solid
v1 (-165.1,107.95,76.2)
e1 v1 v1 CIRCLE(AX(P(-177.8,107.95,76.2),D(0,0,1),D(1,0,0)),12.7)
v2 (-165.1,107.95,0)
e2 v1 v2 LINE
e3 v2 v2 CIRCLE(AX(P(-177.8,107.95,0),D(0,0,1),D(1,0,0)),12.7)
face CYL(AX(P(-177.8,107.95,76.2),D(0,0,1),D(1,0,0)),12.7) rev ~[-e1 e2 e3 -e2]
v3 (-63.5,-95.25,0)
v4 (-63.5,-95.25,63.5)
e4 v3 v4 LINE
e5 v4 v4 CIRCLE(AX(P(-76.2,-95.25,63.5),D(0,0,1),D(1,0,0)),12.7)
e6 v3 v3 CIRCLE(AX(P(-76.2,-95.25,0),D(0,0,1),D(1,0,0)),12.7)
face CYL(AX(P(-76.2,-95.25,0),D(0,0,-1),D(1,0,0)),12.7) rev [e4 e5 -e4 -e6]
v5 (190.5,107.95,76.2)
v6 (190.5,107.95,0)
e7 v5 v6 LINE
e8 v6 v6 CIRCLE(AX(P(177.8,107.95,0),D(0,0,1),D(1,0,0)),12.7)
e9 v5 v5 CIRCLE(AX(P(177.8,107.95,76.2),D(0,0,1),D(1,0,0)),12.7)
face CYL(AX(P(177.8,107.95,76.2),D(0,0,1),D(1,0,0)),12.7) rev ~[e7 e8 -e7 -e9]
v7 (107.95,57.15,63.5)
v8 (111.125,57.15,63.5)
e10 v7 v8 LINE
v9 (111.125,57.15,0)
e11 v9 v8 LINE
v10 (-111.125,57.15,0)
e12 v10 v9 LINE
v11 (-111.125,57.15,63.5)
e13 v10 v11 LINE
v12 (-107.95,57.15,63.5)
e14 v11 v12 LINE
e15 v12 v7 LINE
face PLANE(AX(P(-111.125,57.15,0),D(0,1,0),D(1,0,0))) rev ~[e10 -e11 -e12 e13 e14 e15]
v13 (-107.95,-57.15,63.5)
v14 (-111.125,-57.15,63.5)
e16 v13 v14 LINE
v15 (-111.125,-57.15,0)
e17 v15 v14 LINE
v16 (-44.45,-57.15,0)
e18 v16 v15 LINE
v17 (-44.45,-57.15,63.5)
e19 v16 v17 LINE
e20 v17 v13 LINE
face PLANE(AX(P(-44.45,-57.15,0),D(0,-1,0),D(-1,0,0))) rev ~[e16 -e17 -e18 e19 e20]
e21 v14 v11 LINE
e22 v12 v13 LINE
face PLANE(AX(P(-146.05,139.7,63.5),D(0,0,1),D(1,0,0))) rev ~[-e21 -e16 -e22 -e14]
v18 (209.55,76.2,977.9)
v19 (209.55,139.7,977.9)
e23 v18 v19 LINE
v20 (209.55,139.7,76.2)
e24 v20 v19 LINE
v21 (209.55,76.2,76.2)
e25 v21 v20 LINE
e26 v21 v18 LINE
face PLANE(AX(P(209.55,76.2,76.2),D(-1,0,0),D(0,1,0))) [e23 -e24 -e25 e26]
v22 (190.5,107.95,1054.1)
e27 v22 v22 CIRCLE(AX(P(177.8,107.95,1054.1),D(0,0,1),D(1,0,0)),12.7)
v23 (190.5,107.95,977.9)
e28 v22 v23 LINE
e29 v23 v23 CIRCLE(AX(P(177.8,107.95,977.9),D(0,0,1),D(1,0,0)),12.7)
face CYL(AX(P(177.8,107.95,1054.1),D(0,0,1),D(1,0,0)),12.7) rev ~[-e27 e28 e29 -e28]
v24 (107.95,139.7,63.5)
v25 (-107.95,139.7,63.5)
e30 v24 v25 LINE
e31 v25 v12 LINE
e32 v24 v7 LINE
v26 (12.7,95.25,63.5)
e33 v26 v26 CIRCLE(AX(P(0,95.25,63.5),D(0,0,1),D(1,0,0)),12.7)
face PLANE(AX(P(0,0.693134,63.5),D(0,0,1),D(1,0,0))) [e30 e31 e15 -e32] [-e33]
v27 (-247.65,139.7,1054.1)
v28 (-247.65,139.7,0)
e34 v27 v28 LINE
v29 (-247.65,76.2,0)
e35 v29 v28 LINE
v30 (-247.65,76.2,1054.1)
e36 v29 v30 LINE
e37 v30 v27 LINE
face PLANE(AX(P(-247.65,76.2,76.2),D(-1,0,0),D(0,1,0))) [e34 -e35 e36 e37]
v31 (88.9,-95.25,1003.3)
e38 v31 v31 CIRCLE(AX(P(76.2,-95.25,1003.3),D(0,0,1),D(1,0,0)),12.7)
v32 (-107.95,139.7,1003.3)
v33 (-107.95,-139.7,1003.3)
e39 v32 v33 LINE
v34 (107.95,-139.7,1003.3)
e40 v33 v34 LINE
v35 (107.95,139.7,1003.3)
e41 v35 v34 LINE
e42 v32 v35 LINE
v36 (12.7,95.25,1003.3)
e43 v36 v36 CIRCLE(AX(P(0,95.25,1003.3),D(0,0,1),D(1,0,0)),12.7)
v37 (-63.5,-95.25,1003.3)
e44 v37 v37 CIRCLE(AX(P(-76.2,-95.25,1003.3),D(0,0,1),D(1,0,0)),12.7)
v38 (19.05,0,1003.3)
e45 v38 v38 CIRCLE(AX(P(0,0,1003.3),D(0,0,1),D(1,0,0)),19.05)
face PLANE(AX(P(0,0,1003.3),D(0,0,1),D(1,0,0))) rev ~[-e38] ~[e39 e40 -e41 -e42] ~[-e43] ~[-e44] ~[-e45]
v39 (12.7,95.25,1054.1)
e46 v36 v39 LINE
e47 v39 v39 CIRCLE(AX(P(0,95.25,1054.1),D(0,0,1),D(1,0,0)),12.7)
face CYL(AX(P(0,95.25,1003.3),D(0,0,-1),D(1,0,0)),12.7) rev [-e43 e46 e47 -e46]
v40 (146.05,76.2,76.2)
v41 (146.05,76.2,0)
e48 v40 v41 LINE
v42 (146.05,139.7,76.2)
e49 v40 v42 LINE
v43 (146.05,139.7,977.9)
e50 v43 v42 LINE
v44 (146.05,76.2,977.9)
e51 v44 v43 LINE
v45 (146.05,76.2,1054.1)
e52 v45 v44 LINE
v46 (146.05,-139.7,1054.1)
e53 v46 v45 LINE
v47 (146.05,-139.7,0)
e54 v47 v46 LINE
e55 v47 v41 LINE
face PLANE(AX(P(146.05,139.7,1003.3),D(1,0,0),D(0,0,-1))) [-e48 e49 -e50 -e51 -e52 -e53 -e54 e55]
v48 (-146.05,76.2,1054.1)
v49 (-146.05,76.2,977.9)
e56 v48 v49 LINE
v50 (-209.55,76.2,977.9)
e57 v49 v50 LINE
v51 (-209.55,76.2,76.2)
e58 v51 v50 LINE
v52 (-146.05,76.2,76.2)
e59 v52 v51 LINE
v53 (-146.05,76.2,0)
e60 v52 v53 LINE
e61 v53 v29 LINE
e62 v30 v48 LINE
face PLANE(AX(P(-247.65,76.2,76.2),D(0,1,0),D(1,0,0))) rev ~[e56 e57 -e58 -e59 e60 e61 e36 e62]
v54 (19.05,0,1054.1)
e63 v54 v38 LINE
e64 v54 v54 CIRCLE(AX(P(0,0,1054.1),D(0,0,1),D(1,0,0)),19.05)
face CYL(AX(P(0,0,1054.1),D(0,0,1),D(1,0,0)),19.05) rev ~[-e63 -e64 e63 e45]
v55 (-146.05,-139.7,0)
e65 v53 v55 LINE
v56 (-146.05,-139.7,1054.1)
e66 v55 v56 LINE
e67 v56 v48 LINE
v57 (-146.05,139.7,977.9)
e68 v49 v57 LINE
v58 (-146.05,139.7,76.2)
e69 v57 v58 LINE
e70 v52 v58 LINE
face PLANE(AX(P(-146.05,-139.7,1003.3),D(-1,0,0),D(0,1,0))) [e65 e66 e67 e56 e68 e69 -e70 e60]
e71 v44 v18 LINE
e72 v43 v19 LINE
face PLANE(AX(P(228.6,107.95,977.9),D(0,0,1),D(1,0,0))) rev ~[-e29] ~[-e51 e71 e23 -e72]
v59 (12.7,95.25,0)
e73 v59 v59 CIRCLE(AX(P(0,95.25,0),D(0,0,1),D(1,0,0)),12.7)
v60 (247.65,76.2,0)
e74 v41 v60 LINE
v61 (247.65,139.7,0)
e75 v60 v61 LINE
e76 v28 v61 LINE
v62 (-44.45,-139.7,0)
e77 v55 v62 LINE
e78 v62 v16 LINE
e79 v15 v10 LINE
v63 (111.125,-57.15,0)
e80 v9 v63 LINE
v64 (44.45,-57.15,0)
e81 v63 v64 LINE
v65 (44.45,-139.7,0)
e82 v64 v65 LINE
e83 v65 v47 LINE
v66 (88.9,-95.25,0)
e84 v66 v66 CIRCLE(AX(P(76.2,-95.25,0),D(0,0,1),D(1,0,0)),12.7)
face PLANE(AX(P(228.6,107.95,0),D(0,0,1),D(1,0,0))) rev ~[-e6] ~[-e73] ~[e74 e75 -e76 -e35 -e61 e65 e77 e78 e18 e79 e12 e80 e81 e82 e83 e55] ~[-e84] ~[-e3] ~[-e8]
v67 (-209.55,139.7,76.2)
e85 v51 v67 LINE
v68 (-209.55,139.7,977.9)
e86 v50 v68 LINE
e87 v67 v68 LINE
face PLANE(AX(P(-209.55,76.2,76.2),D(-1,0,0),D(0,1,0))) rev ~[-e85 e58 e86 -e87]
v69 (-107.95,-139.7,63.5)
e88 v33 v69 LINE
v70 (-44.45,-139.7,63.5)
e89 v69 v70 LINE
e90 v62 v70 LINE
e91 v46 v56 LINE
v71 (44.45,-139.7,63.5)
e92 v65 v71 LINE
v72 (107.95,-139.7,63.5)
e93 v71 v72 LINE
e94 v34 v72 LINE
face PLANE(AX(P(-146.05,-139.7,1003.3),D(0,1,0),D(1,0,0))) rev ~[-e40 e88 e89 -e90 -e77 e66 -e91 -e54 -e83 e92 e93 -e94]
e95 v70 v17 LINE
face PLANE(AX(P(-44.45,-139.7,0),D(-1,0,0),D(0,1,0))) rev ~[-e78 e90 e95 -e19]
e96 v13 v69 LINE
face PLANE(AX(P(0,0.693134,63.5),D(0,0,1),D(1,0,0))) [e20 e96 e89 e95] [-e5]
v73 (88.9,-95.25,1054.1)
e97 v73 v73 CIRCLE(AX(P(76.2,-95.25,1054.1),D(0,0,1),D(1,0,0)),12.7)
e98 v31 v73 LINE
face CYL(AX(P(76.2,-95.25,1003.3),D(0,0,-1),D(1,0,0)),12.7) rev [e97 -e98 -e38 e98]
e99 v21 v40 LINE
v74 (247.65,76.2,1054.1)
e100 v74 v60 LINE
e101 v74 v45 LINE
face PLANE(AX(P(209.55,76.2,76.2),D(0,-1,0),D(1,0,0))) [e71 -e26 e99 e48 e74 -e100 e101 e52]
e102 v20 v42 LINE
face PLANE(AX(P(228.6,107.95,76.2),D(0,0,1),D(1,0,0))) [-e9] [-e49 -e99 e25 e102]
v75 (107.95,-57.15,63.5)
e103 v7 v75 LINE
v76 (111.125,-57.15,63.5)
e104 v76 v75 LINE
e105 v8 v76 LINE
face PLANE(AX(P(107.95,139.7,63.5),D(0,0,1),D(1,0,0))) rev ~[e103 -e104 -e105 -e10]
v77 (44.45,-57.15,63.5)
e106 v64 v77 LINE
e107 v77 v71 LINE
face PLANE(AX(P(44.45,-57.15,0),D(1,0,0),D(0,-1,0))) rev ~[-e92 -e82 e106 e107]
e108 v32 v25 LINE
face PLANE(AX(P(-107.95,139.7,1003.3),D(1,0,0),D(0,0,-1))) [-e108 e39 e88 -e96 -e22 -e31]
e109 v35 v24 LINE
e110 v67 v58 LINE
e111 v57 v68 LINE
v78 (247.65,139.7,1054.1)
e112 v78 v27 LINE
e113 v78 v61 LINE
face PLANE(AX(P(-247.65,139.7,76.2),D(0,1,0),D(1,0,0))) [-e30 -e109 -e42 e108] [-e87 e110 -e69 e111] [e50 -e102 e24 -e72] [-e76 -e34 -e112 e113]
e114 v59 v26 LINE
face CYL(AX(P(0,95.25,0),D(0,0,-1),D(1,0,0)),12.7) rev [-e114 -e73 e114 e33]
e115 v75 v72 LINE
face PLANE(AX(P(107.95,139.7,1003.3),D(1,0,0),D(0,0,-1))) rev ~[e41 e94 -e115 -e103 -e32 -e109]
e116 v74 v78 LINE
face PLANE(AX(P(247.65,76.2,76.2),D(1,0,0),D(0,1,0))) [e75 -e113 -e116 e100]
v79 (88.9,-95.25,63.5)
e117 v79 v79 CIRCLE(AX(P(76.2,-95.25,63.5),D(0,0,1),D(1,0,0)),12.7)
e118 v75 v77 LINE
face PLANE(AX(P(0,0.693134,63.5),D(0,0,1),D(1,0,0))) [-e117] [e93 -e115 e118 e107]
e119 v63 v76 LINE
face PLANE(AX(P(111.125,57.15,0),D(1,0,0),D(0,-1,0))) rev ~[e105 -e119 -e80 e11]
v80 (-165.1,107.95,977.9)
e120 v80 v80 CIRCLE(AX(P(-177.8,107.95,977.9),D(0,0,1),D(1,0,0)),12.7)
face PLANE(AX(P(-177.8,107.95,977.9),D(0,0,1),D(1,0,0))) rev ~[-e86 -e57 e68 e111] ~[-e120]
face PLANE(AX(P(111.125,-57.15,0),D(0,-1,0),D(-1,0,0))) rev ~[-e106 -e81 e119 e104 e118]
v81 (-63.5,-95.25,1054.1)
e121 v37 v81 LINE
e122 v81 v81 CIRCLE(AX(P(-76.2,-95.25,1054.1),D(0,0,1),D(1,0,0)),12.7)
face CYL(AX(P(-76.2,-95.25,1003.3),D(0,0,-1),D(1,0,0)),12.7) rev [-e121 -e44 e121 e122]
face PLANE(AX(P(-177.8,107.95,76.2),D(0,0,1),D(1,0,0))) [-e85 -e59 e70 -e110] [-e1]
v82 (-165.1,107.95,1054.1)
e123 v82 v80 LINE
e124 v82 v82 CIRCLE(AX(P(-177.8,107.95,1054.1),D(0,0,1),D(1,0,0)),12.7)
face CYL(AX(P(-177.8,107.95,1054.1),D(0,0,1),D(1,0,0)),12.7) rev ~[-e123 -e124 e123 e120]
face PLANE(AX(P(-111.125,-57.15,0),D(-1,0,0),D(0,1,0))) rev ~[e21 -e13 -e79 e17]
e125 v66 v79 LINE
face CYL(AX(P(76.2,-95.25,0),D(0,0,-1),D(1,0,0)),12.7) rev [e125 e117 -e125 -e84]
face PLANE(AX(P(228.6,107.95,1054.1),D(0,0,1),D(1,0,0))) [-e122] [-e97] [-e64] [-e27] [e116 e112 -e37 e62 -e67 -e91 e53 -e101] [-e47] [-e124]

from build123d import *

# Parameters (mm, degrees)
SKETCH1_R           = 12.7
BOSS_EXTRUDE1_DEPTH = 63.5
BOSS_EXTRUDE2_REACH = 323.601
SKETCH2_W           = 38.1
SKETCH2_H           = 939.8
SKETCH3_W           = 38.1
SKETCH3_H           = 279.4
SKETCH3_W_2         = 215.9
SKETCH3_R           = 12.7
BOSS_EXTRUDE3_DEPTH = 50.8
CUT_EXTRUDE1_REACH  = 1075.3
SKETCH4_R           = 19.05
SKETCH5_W           = 38.1
SKETCH5_H           = 63.5
SKETCH5_W_2         = 63.5
SKETCH5_R           = 12.7
BOSS_EXTRUDE4_DEPTH = 76.2
BOSS_EXTRUDE5_START = -977.9
SKETCH5_3_W         = 38.1
SKETCH5_3_H         = 63.5
SKETCH5_3_W_2       = 63.5
SKETCH5_3_R         = 12.7
BOSS_EXTRUDE5_DEPTH = 76.2
BOSS_EXTRUDE6_START = -977.9
SKETCH5_4_W         = 38.1
SKETCH5_4_H         = 63.5
BOSS_EXTRUDE6_DEPTH = 901.7


with BuildPart() as part:
    # Sketch1 → Boss-Extrude1 (new body)
    with BuildSketch(Plane.XY):
        Polygon((146.05, 139.7), (-146.05, 139.7), (-146.05, -139.7), (-44.45, -139.7), (-44.45, -57.15), (-111.125, -57.15), (-111.125, 57.15), (111.125, 57.15), (111.125, -57.15), (44.45, -57.15), (44.45, -139.7), (146.05, -139.7), align=None)
        with Locations((-76.2, -95.25)):
            Circle(SKETCH1_R, mode=Mode.SUBTRACT)
        with Locations((76.2, -95.25)):
            Circle(SKETCH1_R, mode=Mode.SUBTRACT)
        with Locations((0, 95.25)):
            Circle(SKETCH1_R, mode=Mode.SUBTRACT)
    extrude(amount=BOSS_EXTRUDE1_DEPTH)

    # Boss-Extrude2: up to this face of the body (flat: up to its plane)
    boss_extrude2_end = Plane(part.part.faces().sort_by_distance((-95.25, -139.7, 31.75))[0])
    # Sketch2 → Boss-Extrude2 (add, up to the picked face)
    with BuildSketch(Plane(origin=(0, 139.7, 0), x_dir=(1, 0, 0), z_dir=(0, 1, 0)), mode=Mode.PRIVATE) as boss_extrude2_sk1:
        with Locations((-127, -533.4)):
            Rectangle(SKETCH2_W, SKETCH2_H)
    boss_extrude2_tool1 = split(extrude(boss_extrude2_sk1.sketch, amount=-BOSS_EXTRUDE2_REACH, mode=Mode.PRIVATE), bisect_by=boss_extrude2_end, keep=Keep.BOTH, mode=Mode.PRIVATE)
    # Sketch2 → Boss-Extrude2 (add, up to the picked face)
    with BuildSketch(Plane(origin=(0, 139.7, 0), x_dir=(1, 0, 0), z_dir=(0, 1, 0)), mode=Mode.PRIVATE) as boss_extrude2_sk2:
        with Locations((127, -533.4)):
            Rectangle(SKETCH2_W, SKETCH2_H)
    boss_extrude2_tool2 = split(extrude(boss_extrude2_sk2.sketch, amount=-BOSS_EXTRUDE2_REACH, mode=Mode.PRIVATE), bisect_by=boss_extrude2_end, keep=Keep.BOTH, mode=Mode.PRIVATE)
    add(boss_extrude2_tool1.solids().sort_by(Axis((-127, 139.7, 533.4), (0, -1, 0)))[0])
    add(boss_extrude2_tool2.solids().sort_by(Axis((127, 139.7, 533.4), (0, -1, 0)))[0])

    # Sketch3 → Boss-Extrude3 (add)
    # profile 1 of 3: a face of its own
    with BuildSketch(Plane.XY.offset(1003.3)):
        with Locations((-127, 0)):
            Rectangle(SKETCH3_W, SKETCH3_H)
    # profile 2 of 3: a face of its own
    with BuildSketch(Plane.XY.offset(1003.3)):
        Rectangle(SKETCH3_W_2, SKETCH3_H)
        with Locations((-76.2, -95.25)):
            Circle(SKETCH3_R, mode=Mode.SUBTRACT)
        with Locations((76.2, -95.25)):
            Circle(SKETCH3_R, mode=Mode.SUBTRACT)
        with Locations((0, 95.25)):
            Circle(SKETCH3_R, mode=Mode.SUBTRACT)
    # profile 3 of 3: a face of its own
    with BuildSketch(Plane.XY.offset(1003.3)):
        with Locations((127, 0)):
            Rectangle(SKETCH3_W, SKETCH3_H)
    extrude(amount=BOSS_EXTRUDE3_DEPTH)

    # Sketch4 → Cut-Extrude1 (cut, up to next)
    with BuildSketch(Plane.XY.offset(1054.1), mode=Mode.PRIVATE) as cut_extrude1_sk1:
        Circle(SKETCH4_R)
    cut_extrude1_tool1 = extrude(cut_extrude1_sk1.sketch, amount=-CUT_EXTRUDE1_REACH, mode=Mode.PRIVATE) & part.part
    add(cut_extrude1_tool1.solids().sort_by_distance((0, 0, 1054.1))[0], mode=Mode.SUBTRACT)

    # Sketch5 → Boss-Extrude4 (add)
    # profile 1 of 4: a face of its own
    with BuildSketch(Plane.XY.offset(1054.1)):
        with Locations((228.6, 107.95)):
            Rectangle(SKETCH5_W, SKETCH5_H)
    # profile 2 of 4: a face of its own
    with BuildSketch(Plane.XY.offset(1054.1)):
        with Locations((177.8, 107.95)):
            Rectangle(SKETCH5_W_2, SKETCH5_H)
        with Locations((177.8, 107.95)):
            Circle(SKETCH5_R, mode=Mode.SUBTRACT)
    # profile 3 of 4: a face of its own
    with BuildSketch(Plane.XY.offset(1054.1)):
        with Locations((-228.6, 107.95)):
            Rectangle(SKETCH5_W, SKETCH5_H)
    # profile 4 of 4: a face of its own
    with BuildSketch(Plane.XY.offset(1054.1)):
        with Locations((-177.8, 107.95)):
            Rectangle(SKETCH5_W_2, SKETCH5_H)
        with Locations((-177.8, 107.95)):
            Circle(SKETCH5_R, mode=Mode.SUBTRACT)
    extrude(amount=-BOSS_EXTRUDE4_DEPTH)

    # Sketch5<3> → Boss-Extrude5 (add)
    # profile 1 of 4: a face of its own
    with BuildSketch(Plane.XY.offset(1054.1).offset(BOSS_EXTRUDE5_START)):
        with Locations((228.6, 107.95)):
            Rectangle(SKETCH5_3_W, SKETCH5_3_H)
    # profile 2 of 4: a face of its own
    with BuildSketch(Plane.XY.offset(1054.1).offset(BOSS_EXTRUDE5_START)):
        with Locations((177.8, 107.95)):
            Rectangle(SKETCH5_3_W_2, SKETCH5_3_H)
        with Locations((177.8, 107.95)):
            Circle(SKETCH5_3_R, mode=Mode.SUBTRACT)
    # profile 3 of 4: a face of its own
    with BuildSketch(Plane.XY.offset(1054.1).offset(BOSS_EXTRUDE5_START)):
        with Locations((-228.6, 107.95)):
            Rectangle(SKETCH5_3_W, SKETCH5_3_H)
    # profile 4 of 4: a face of its own
    with BuildSketch(Plane.XY.offset(1054.1).offset(BOSS_EXTRUDE5_START)):
        with Locations((-177.8, 107.95)):
            Rectangle(SKETCH5_3_W_2, SKETCH5_3_H)
        with Locations((-177.8, 107.95)):
            Circle(SKETCH5_3_R, mode=Mode.SUBTRACT)
    extrude(amount=-BOSS_EXTRUDE5_DEPTH)

    # Sketch5<4> → Boss-Extrude6 (add)
    with BuildSketch(Plane.XY.offset(1054.1).offset(BOSS_EXTRUDE6_START)):
        with Locations((-228.6, 107.95)):
            Rectangle(SKETCH5_4_W, SKETCH5_4_H)
        with Locations((228.6, 107.95)):
            Rectangle(SKETCH5_4_W, SKETCH5_4_H)
    extrude(amount=BOSS_EXTRUDE6_DEPTH)


solid = part.part
